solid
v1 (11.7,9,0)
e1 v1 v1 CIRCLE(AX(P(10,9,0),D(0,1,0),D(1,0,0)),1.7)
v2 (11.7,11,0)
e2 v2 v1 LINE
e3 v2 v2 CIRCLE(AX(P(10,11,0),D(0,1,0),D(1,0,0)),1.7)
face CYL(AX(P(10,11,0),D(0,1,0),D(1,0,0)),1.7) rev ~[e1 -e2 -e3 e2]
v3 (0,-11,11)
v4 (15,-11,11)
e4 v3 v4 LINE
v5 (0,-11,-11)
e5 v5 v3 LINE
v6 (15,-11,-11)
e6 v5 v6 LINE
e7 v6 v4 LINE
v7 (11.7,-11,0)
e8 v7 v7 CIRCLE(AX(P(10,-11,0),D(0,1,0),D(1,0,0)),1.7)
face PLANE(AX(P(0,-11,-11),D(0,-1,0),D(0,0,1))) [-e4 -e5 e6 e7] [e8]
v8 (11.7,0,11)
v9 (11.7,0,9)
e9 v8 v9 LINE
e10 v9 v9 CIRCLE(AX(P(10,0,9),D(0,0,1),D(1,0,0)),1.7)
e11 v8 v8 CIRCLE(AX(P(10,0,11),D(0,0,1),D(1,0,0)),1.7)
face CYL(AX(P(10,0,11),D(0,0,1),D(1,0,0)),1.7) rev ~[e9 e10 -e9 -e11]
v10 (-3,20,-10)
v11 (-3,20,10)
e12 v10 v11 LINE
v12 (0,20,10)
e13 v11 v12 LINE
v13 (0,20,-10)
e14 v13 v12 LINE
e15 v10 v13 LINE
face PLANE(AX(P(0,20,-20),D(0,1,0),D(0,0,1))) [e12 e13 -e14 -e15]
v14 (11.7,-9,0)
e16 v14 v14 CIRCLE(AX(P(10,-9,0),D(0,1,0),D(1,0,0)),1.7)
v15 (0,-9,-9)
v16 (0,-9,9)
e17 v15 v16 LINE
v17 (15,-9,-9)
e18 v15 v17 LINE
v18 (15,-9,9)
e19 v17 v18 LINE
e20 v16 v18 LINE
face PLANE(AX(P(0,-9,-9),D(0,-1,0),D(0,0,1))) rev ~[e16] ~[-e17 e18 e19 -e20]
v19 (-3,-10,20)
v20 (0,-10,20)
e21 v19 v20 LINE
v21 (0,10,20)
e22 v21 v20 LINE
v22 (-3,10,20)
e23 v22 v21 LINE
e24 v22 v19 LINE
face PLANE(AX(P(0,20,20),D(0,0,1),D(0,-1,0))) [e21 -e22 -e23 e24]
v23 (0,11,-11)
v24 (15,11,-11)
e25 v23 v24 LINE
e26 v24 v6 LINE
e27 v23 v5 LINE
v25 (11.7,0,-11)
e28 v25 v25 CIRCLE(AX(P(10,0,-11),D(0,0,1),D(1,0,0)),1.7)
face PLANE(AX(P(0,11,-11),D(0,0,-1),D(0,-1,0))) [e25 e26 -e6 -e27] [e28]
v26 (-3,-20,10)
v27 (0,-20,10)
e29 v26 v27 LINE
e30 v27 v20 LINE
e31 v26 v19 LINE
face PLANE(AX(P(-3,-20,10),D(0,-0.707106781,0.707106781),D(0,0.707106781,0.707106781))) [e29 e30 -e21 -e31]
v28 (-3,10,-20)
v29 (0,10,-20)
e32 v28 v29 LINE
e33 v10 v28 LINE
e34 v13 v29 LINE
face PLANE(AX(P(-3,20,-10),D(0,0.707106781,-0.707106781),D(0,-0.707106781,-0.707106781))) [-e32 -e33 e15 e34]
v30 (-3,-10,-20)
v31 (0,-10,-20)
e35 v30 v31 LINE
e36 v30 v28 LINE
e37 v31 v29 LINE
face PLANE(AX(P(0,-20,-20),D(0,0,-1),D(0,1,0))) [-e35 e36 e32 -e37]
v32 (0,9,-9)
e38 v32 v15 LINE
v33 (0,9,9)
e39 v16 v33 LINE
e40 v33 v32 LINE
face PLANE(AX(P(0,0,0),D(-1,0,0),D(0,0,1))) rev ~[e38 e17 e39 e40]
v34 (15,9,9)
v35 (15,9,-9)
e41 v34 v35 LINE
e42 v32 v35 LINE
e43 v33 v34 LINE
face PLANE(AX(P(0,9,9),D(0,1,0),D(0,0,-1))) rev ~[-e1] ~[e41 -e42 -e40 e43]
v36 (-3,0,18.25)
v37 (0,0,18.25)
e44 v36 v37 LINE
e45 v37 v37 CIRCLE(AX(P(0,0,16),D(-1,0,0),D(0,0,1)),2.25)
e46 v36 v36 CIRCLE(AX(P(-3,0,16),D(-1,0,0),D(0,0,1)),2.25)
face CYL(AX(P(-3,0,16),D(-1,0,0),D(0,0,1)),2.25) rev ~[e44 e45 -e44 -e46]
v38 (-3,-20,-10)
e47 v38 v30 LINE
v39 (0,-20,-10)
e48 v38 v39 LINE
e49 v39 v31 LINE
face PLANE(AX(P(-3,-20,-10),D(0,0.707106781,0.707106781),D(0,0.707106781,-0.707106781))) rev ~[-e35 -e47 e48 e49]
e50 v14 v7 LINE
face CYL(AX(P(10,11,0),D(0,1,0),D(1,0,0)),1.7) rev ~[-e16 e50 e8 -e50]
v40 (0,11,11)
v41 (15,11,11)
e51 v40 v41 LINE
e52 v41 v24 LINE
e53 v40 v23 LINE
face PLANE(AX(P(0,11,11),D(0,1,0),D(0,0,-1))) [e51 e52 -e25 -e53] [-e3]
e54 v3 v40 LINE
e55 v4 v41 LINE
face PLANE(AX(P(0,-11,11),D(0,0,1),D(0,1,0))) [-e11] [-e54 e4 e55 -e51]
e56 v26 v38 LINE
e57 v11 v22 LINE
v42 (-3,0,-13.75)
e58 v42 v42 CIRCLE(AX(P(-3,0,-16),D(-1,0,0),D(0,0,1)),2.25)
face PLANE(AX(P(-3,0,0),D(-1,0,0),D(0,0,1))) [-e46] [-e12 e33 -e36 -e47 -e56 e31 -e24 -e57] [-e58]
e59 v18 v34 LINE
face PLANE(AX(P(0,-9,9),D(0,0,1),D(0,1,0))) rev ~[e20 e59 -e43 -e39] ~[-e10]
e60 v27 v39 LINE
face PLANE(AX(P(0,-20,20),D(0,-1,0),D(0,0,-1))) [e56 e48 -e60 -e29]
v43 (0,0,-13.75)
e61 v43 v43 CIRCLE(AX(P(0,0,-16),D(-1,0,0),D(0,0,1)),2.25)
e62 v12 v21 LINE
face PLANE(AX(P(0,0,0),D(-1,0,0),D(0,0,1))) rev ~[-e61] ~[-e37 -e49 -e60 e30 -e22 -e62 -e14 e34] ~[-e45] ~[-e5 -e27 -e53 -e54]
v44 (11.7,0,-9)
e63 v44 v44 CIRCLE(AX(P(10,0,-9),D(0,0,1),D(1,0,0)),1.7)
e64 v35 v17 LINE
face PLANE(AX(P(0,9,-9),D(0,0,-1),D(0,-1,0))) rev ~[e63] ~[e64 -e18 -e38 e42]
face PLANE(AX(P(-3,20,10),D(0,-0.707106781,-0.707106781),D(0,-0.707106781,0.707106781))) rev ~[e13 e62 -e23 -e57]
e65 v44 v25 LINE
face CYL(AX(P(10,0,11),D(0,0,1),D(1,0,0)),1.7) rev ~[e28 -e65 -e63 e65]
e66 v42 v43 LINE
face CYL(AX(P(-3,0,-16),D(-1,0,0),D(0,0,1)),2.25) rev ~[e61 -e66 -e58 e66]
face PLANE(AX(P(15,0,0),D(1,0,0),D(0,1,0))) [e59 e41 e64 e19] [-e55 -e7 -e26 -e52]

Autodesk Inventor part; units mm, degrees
ref_plane "YZ Plane" through (0, 0, 0) normal (1, 0, 0) x (0, 1, 0)
ref_plane "XZ Plane" through (0, 0, 0) normal (0, 1, 0) x (-1, 0, 0)
ref_plane "XY Plane" through (0, 0, 0) normal (0, 0, 1) x (1, 0, 0)
sketch "スケッチ1" plane through (0, 0, 0) normal (1, 0, 0) x (0, 1, 0)
  line L0 (9, -9) -> (-9, -9)
  line L1 (-9, -9) -> (-9, 9)
  line L2 (-9, 9) -> (9, 9)
  line L3 (9, 9) -> (9, -9)
  line L4 (9, -9) -> (-9, 9) construction
  line L5 (-9, -9) -> (9, 9) construction
  line L6 (11, -11) -> (-11, -11)
  line L7 (-11, -11) -> (-11, 11)
  line L8 (-11, 11) -> (11, 11)
  line L9 (11, 11) -> (11, -11)
  line L10 (11, -11) -> (-11, 11) construction
  line L11 (-11, -11) -> (11, 11) construction
  point P0 (0, 0)
  dimension "d0" = 18
  dimension "d1" = 18
  dimension "d2" = 22
  dimension "d3" = 22
extrude "押し出し1" add sketch "スケッチ1" along normal blind 15
sketch "スケッチ2" plane through (0, -11, 11) normal (0, 0, 1) x (1, 0, 0)
  circle A0 centre (10, 11) radius 1.7
  point P0 (0, 11)
  dimension "d6" = 3.4
extrude "押し出し2" cut sketch "スケッチ2" against normal blind 30
sketch "スケッチ3" plane through (0, 11, 11) normal (0, 1, 0) x (1, 0, 0)
  circle A0 centre (10, 11) radius 1.7
  point P0 (0, 11)
  dimension "d9" = 3.4
extrude "押し出し3" cut sketch "スケッチ3" against normal blind 30
sketch "スケッチ4" plane through (0, 0, 0) normal (-1, 0, 0) x (0, 0, 1)
  line L0 (20, -20) -> (-20, -20)
  line L1 (-20, -20) -> (-20, 20)
  line L2 (-20, 20) -> (20, 20)
  line L3 (20, 20) -> (20, -20)
  line L4 (20, -20) -> (-20, 20) construction
  line L5 (-20, -20) -> (20, 20) construction
  point P0 (0, 0)
  dimension "d12" = 40
  dimension "d13" = 40
extrude "押し出し4" add sketch "スケッチ4" along normal blind 3
sketch "スケッチ5" plane through (-3, 0, 0) normal (-1, 0, 0) x (0, 0, 1)
  circle A0 centre (16, 0) radius 2.25
  circle A1 centre (-16, 0) radius 2.25
  point P0 (0, 0)
  dimension "d16" = 4.5
  dimension "d17" = 4.5
extrude "押し出し5" cut sketch "スケッチ5" against normal blind 3
sketch "スケッチ6" plane through (-3, 0, 0) normal (-1, 0, 0) x (0, 0, 1)
  line L0 (20, 20) -> (-20, 20) projected
  line L1 (10, 20) -> (20, 10)
  line L2 (20, -20) -> (20, 20) projected
  line L3 (10, 20) -> (24.1421, 20) construction
  line L4 (20, 10) -> (20, 20)
  line L5 (20, 20) -> (10, 20)
  line L6 (-20, -20) -> (20, -20) projected
  line L7 (20, -20) -> (10, -20)
  line L8 (10, -20) -> (20, -10)
  line L9 (20, -10) -> (20, -20)
  line L10 (-20, 20) -> (-20, -20) projected
  line L11 (-20, -20) -> (-10, -20)
  line L12 (-10, -20) -> (-20, -10)
  line L13 (-20, -10) -> (-20, -20)
  line L14 (-20, 20) -> (-10, 20)
  line L15 (-10, 20) -> (-20, 10)
  line L16 (-20, 10) -> (-20, 20)
  point P0 (0, 0)
  dimension "d20" = 45
  dimension "d21" = 10
  dimension "d22" = 45
  dimension "d23" = 10
  dimension "d24" = 45
  dimension "d25" = 10
  dimension "d26" = 45
extrude "押し出し6" cut sketch "スケッチ6" against normal blind 3 contours L2 L1 L0 | L15 L10 L0 | L2 L6 L8 | L12 L6 L10
properties part number "square_ber_holder" material "ABS プラスチック"
